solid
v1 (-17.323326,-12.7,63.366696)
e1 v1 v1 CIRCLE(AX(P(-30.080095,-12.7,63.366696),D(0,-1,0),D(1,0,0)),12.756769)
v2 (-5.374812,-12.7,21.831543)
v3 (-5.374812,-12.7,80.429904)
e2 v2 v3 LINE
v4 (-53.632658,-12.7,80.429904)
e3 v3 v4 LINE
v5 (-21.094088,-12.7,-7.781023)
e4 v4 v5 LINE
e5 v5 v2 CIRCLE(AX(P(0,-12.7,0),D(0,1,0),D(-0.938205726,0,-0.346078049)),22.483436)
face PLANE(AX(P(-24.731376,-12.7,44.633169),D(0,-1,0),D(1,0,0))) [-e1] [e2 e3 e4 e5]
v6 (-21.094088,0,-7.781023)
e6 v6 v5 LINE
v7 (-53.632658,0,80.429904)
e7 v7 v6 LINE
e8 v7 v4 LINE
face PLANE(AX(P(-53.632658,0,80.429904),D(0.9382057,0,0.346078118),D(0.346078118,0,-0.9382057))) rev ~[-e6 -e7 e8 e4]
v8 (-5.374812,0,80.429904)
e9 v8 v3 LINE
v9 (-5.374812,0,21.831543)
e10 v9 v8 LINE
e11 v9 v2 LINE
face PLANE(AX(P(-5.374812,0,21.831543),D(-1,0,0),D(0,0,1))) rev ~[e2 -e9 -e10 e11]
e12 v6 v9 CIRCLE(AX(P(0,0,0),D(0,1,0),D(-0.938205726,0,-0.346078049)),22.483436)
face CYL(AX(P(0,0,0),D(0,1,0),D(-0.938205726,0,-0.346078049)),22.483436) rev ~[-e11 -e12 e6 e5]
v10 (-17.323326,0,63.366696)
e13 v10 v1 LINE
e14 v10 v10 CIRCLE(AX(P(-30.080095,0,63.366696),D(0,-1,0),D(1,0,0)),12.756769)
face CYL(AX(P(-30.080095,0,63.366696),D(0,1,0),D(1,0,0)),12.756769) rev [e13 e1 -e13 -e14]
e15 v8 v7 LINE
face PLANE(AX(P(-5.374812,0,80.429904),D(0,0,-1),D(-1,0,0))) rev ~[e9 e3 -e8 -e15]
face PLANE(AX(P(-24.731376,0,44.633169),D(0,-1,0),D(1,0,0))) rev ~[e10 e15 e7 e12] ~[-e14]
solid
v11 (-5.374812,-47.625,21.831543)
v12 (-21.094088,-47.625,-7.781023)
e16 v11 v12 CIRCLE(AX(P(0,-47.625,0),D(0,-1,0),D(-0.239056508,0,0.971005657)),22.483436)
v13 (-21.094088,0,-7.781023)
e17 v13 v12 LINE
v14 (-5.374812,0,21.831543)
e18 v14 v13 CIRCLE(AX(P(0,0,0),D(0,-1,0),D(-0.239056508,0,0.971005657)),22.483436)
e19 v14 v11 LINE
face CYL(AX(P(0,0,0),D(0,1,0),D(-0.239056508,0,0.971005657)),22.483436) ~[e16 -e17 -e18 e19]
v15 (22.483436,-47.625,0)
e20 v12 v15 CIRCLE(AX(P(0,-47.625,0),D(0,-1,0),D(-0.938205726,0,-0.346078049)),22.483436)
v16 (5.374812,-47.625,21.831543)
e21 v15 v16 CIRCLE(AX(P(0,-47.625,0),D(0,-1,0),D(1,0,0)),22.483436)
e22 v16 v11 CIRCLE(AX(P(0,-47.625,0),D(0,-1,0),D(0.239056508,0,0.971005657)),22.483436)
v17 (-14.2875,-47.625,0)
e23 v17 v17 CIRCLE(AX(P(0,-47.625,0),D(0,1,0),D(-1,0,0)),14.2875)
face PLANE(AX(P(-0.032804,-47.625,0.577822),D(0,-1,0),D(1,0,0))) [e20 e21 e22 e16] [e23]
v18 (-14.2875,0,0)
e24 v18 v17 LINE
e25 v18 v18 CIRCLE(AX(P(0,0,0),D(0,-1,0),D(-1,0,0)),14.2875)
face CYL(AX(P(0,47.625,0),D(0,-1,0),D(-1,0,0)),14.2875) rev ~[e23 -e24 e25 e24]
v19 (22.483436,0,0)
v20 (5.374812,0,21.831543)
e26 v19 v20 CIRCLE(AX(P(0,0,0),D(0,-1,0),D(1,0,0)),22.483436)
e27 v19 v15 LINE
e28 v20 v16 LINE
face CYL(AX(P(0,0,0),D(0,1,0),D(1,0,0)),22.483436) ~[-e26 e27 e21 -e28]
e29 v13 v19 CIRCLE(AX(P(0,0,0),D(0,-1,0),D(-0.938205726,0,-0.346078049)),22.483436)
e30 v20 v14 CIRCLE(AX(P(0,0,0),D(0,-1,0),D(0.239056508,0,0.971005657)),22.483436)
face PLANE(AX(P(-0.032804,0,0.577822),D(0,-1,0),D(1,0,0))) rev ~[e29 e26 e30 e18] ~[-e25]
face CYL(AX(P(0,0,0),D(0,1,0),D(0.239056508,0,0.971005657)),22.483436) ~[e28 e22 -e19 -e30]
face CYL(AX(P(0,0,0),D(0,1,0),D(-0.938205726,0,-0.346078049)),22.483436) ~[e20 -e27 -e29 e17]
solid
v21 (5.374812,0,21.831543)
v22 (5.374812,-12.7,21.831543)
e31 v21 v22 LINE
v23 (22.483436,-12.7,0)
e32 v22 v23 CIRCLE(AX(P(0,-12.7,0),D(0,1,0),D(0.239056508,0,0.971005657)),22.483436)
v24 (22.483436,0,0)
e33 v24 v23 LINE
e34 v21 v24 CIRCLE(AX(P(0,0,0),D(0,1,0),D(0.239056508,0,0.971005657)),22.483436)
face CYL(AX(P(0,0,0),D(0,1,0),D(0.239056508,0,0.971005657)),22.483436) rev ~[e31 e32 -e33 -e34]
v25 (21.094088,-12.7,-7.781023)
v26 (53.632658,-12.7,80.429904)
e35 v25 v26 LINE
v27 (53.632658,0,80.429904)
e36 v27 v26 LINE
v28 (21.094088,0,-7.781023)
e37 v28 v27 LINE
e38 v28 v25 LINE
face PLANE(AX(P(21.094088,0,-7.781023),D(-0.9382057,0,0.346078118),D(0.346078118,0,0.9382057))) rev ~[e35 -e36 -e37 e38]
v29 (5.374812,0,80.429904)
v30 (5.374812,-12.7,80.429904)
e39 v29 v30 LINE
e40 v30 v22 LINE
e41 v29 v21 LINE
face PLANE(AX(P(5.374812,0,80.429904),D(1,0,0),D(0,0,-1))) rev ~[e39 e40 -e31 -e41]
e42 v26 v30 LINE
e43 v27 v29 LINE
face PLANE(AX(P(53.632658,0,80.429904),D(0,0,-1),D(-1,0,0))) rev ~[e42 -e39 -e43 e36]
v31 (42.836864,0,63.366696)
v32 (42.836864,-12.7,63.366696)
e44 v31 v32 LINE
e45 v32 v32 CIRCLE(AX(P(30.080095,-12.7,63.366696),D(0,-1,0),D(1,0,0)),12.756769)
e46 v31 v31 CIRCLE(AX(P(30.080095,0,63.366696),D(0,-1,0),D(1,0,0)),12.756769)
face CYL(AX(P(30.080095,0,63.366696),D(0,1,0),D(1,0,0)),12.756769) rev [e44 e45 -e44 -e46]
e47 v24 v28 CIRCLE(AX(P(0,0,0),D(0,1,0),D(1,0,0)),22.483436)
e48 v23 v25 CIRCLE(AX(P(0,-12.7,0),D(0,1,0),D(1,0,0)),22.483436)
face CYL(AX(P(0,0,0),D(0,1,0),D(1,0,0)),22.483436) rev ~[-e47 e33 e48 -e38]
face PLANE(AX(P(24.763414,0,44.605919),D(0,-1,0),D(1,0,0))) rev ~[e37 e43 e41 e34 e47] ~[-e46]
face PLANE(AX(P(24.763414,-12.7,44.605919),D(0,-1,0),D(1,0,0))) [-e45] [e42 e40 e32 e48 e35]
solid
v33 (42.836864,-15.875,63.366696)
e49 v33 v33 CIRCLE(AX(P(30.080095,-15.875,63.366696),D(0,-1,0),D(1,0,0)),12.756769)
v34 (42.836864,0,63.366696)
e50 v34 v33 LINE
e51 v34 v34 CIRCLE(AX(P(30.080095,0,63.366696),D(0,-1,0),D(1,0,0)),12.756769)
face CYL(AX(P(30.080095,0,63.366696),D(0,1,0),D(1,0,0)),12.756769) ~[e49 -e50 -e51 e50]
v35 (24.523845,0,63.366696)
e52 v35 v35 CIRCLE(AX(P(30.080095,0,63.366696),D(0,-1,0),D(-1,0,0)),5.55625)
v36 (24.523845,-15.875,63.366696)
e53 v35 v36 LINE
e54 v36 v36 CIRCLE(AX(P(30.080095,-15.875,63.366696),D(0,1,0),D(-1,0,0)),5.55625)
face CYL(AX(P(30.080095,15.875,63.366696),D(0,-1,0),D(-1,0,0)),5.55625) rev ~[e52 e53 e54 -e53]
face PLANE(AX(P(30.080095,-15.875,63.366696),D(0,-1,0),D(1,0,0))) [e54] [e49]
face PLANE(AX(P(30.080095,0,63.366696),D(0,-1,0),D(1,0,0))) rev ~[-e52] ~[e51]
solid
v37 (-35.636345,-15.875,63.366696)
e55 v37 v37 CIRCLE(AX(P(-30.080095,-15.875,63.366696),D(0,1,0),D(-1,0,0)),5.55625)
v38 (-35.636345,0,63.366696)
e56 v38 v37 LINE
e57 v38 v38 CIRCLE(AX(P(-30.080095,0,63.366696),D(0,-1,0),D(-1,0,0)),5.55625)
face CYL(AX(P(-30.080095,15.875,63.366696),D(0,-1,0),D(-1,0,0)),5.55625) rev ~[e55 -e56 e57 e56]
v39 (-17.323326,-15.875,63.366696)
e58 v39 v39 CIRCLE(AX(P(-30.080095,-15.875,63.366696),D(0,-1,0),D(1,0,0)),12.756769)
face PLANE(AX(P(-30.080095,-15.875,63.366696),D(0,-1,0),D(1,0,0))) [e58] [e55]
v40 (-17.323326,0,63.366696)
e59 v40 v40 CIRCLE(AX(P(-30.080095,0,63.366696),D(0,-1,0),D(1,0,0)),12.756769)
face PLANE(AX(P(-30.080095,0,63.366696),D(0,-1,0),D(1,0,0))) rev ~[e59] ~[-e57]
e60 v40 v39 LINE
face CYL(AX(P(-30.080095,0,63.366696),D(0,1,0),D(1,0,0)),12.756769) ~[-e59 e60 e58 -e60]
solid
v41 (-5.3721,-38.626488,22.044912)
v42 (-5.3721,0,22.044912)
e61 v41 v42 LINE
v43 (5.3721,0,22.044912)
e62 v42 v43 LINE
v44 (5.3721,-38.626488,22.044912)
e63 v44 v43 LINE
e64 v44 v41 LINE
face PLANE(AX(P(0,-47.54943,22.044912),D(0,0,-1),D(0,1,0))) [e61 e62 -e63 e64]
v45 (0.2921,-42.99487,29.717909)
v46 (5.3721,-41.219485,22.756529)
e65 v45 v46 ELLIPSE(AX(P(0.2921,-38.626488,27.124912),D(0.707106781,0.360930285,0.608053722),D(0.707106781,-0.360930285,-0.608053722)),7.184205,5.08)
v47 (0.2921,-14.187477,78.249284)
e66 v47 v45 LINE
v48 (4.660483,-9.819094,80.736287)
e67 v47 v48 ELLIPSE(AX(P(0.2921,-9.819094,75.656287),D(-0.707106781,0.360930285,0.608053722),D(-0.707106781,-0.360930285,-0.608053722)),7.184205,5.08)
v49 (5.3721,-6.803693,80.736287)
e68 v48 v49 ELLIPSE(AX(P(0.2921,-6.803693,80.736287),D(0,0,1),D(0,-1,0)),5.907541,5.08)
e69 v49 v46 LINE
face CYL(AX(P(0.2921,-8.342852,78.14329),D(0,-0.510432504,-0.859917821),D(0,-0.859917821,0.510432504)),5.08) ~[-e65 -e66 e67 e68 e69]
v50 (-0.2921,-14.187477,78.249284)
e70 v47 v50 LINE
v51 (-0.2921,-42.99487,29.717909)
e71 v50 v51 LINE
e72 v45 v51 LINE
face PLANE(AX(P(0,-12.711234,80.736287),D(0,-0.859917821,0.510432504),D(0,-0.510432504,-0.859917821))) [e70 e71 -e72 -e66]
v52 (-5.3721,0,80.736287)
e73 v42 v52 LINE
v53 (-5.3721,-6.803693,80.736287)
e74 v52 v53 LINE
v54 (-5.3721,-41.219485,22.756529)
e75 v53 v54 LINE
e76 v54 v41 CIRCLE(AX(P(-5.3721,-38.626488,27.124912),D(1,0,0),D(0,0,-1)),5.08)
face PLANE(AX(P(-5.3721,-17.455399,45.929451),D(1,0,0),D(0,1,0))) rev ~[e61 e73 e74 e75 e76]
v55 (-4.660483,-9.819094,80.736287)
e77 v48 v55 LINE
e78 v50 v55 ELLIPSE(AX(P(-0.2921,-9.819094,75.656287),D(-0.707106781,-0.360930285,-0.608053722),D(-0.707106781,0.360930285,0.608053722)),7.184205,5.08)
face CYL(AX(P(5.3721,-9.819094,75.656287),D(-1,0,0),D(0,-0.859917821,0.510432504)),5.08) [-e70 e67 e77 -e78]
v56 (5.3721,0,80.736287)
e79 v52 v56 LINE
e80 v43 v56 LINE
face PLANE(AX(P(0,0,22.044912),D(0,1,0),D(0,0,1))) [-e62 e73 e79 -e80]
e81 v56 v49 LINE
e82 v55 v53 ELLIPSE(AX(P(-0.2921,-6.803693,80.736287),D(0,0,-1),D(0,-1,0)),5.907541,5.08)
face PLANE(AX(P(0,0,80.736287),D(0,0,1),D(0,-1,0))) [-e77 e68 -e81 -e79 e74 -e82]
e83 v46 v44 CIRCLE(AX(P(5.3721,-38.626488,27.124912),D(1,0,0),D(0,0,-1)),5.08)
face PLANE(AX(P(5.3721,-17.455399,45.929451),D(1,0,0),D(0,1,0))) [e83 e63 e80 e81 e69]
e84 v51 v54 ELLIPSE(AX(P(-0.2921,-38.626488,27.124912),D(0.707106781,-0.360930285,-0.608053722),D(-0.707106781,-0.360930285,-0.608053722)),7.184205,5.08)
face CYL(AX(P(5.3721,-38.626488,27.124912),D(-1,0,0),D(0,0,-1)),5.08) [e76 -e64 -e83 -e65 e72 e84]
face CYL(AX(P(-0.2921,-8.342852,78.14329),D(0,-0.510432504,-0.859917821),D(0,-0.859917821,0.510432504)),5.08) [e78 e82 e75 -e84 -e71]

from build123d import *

# Parameters (mm, degrees)
F0_R          = 12.7567686724
F1_DEPTH      = 12.7
F2_DEPTH      = 15.875
F3_DEPTH      = 47.625
F5_DEPTH      = 5.3721
F5_DEPTH_BACK = 5.3721
F6_D          = 11.1125
F6_DEPTH      = 15.875
F6_TIP        = 3.3385318145
F6_2_D        = 11.1125
F6_2_DEPTH    = 15.875
F6_2_TIP      = 3.3385318145
F7_D          = 28.575
F7_DEPTH      = 47.625
F7_TIP        = 8.5847960944
F8_R          = 5.08


with BuildPart() as f1:
    # F0 (on Front) → F1 (new body)
    with BuildSketch(Plane.XZ):
        with BuildLine():
            ThreePointArc((-21.0940879488, -7.7810234971), (-19.8589195471, 10.541735506), (-5.3748115897, 21.8315430841))
            Line((-5.3748115897, 21.8315430841), (-5.3748115897, 80.4299041629))
            Line((-5.3748115897, 80.4299041629), (-53.632657975, 80.4299041629))
            Line((-53.632657975, 80.4299041629), (-21.0940879488, -7.7810234971))
        make_face()
        with Locations((-30.0800949335, 63.3666962385)):
            Circle(F0_R, mode=Mode.SUBTRACT)
    extrude(amount=F1_DEPTH)


with BuildPart() as f1b:
    # F0 (on Front) → F1, piece 2 (new body)
    with BuildSketch(Plane.XZ):
        with BuildLine():
            ThreePointArc((5.3748115897, 21.8315430841), (17.696738441, 13.8683207926), (22.4834355261, 0))
            ThreePointArc((22.4834355261, 0), (22.1333734409, -3.9520441777), (21.0940879627, -7.7810234596))
            Line((21.0940879627, -7.7810234596), (53.632657975, 80.4299041629))
            Line((53.632657975, 80.4299041629), (5.3748115897, 80.4299041629))
            Line((5.3748115897, 80.4299041629), (5.3748115897, 21.8315430841))
        make_face()
        with Locations((30.0800949335, 63.3666962385)):
            Circle(F0_R, mode=Mode.SUBTRACT)
    extrude(amount=F1_DEPTH)


with BuildPart() as f2:
    # F0 (on Front) → F2 (new body)
    with BuildSketch(Plane.XZ):
        with Locations((-30.0800949335, 63.3666962385)):
            Circle(F0_R)
    extrude(amount=F2_DEPTH)

    # F6
    with Locations(Plane(origin=(0, 0, 0), x_dir=(1, 0, 0), z_dir=(0, 1, 0))):
        with Locations((-30.0800949335, -63.3666962385), (30.0800949335, -63.3666962385)):
            Hole(F6_D / 2, depth=F6_DEPTH)
            with Locations((0, 0, -(F6_DEPTH + F6_TIP / 2))):  # 118° drill point
                Cone(0, F6_D / 2, F6_TIP, mode=Mode.SUBTRACT)


with BuildPart() as f2b:
    # F0 (on Front) → F2, piece 2 (new body)
    with BuildSketch(Plane.XZ):
        with Locations((30.0800949335, 63.3666962385)):
            Circle(F0_R)
    extrude(amount=F2_DEPTH)

    # F6#2
    with Locations(Plane(origin=(0, 0, 0), x_dir=(1, 0, 0), z_dir=(0, 1, 0))):
        with Locations((-30.0800949335, -63.3666962385), (30.0800949335, -63.3666962385)):
            Hole(F6_2_D / 2, depth=F6_2_DEPTH)
            with Locations((0, 0, -(F6_2_DEPTH + F6_2_TIP / 2))):  # 118° drill point
                Cone(0, F6_2_D / 2, F6_2_TIP, mode=Mode.SUBTRACT)


with BuildPart() as f3:
    # F0 (on Front) → F3 (new body)
    with BuildSketch(Plane.XZ):
        with BuildLine():
            ThreePointArc((21.0940879627, -7.7810234596), (22.1333734409, -3.9520441777), (22.4834355261, 0))
            ThreePointArc((22.4834355261, 0), (17.696738441, 13.8683207926), (5.3748115897, 21.8315430841))
            ThreePointArc((5.3748115897, 21.8315430841), (0, 22.4834355261), (-5.3748115897, 21.8315430841))
            ThreePointArc((-5.3748115897, 21.8315430841), (-19.8589195471, 10.541735506), (-21.0940879488, -7.7810234971))
            ThreePointArc((-21.0940879488, -7.7810234971), (2e-08, -22.4834355261), (21.0940879627, -7.7810234596))
        make_face()
    extrude(amount=F3_DEPTH)

    # F7
    with Locations(Plane(origin=(0, 0, 0), x_dir=(1, 0, 0), z_dir=(0, 1, 0))):
        with Locations((0, 0)):
            Hole(F7_D / 2, depth=F7_DEPTH)
            with Locations((0, 0, -(F7_DEPTH + F7_TIP / 2))):  # 118° drill point
                Cone(0, F7_D / 2, F7_TIP, mode=Mode.SUBTRACT)


with BuildPart() as f5:
    # F4 (on Right) → F5 (new body, two sides)
    with BuildSketch(Plane.YZ) as f5_sk:
        Polygon((-47.5494302809, 22.0449119806), (0, 22.0449119806), (0, 80.7362869382), (-12.7112343907, 80.7362869382), align=None)
    extrude(amount=F5_DEPTH)
    extrude(f5_sk.sketch, amount=-F5_DEPTH_BACK)

    # F8
    f8_edges = [f5.edges().sort_by_distance(p)[0] for p in [
        (0, -12.711234, 80.736287),
        (5.3721, -30.130332, 51.390599),
        (0, -47.54943, 22.044912),
        (-5.3721, -30.130332, 51.390599),
    ]]
    fillet(f8_edges, radius=F8_R)


solid = Compound([f1.part, f1b.part, f2.part, f2b.part, f3.part, f5.part])
